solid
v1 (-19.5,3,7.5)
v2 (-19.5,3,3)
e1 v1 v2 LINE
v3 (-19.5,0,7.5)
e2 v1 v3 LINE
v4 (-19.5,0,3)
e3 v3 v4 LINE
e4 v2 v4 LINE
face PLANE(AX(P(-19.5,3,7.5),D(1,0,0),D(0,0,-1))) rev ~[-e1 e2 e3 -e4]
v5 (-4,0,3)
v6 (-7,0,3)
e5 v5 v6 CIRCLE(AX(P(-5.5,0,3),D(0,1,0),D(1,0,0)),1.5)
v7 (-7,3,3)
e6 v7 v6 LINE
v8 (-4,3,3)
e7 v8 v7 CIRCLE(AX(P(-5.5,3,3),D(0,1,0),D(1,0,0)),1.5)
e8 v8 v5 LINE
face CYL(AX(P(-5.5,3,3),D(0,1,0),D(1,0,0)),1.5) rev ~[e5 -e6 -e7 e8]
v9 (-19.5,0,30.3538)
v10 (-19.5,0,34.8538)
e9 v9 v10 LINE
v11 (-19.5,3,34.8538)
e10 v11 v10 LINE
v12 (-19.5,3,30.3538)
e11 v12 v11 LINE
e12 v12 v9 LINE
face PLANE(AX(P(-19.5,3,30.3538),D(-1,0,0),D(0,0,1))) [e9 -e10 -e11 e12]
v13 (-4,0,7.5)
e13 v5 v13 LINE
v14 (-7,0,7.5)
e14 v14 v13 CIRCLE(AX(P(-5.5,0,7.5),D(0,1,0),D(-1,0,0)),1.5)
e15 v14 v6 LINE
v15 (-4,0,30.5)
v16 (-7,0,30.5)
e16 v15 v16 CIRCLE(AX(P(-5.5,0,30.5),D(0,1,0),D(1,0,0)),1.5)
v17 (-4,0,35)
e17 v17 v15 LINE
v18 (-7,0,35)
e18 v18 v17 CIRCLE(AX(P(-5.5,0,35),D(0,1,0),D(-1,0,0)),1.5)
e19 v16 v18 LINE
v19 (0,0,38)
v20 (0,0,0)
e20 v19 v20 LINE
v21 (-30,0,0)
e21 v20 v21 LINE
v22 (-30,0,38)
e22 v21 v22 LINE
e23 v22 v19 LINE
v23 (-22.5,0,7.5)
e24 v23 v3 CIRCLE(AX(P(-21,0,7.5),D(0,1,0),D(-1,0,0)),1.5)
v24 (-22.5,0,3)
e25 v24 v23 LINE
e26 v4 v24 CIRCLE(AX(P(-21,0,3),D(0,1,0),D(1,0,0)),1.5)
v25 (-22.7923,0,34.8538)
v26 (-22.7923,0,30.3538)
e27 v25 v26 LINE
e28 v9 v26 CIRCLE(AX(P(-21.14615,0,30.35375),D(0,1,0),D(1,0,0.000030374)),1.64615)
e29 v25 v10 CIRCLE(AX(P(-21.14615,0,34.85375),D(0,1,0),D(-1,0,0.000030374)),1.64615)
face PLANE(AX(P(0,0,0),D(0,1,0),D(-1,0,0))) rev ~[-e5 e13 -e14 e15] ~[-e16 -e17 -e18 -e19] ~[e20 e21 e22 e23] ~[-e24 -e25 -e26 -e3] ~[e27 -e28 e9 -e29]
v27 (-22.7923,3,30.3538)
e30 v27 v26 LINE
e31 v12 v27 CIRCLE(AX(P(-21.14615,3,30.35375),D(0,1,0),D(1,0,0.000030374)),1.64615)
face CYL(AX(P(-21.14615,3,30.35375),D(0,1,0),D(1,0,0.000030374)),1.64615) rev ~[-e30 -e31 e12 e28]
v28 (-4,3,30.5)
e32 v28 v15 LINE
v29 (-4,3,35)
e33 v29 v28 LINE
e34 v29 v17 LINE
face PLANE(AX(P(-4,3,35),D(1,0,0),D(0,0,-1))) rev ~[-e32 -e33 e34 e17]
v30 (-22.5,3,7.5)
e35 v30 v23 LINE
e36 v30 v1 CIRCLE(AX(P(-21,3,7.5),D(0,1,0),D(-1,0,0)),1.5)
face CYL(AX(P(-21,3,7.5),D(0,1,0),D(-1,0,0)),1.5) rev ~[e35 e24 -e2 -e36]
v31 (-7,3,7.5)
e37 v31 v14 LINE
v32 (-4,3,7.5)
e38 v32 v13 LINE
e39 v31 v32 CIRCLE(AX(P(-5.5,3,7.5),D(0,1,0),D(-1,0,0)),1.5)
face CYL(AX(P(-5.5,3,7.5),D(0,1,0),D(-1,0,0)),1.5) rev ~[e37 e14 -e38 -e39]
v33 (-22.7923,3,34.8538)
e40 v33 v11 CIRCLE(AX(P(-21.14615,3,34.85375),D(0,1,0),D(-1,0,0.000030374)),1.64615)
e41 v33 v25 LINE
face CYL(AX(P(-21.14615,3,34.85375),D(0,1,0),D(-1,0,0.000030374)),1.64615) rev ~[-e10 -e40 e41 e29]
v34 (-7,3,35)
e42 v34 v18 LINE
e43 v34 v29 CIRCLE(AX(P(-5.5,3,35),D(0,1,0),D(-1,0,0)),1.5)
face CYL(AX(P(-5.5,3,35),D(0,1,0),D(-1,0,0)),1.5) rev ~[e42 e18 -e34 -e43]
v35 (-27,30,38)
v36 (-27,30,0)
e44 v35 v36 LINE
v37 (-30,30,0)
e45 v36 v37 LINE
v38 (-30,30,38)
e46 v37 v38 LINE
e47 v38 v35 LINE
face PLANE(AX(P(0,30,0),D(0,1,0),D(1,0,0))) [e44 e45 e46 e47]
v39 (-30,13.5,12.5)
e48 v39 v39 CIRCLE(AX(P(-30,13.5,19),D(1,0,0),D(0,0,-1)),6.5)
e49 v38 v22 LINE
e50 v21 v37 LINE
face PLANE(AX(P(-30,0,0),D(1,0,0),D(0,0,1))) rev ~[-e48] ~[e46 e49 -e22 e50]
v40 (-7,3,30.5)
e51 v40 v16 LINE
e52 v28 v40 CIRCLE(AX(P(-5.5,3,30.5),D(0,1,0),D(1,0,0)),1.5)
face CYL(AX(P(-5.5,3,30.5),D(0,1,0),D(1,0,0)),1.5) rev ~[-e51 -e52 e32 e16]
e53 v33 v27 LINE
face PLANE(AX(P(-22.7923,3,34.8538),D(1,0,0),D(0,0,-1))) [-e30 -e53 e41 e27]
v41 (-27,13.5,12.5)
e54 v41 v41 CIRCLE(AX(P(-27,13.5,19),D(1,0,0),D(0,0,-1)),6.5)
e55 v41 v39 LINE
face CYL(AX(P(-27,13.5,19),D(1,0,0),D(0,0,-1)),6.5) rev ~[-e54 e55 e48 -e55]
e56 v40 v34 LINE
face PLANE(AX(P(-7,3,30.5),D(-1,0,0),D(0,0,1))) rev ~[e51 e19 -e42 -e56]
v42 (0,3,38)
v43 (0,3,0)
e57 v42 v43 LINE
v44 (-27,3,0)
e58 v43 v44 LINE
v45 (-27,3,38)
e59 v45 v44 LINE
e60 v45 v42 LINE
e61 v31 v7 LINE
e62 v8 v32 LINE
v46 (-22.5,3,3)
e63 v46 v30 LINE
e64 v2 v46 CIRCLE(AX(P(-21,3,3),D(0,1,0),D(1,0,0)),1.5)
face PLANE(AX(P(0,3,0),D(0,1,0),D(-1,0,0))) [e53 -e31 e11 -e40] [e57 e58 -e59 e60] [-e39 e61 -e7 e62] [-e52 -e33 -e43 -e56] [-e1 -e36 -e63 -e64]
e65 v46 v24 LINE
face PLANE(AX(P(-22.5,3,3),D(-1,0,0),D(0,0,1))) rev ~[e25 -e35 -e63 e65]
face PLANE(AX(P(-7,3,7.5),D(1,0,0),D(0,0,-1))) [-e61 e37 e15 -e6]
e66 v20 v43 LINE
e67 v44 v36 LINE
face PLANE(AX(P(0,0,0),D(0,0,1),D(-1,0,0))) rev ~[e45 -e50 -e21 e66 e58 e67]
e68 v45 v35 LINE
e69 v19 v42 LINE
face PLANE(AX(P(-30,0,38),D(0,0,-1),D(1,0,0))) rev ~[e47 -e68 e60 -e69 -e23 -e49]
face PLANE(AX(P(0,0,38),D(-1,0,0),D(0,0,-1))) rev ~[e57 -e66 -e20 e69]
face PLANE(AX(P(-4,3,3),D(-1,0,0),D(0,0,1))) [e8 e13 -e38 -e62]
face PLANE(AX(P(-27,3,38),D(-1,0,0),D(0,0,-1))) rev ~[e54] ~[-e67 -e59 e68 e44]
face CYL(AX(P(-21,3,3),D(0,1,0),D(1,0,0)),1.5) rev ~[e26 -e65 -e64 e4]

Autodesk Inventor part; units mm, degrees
ref_plane "YZ Plane" through (0, 0, 0) normal (1, 0, 0) x (0, 1, 0)
ref_plane "XZ Plane" through (0, 0, 0) normal (0, 1, 0) x (-1, 0, 0)
ref_plane "XY Plane" through (0, 0, 0) normal (0, 0, 1) x (1, 0, 0)
sketch "Sketch1" plane through (0, 0, 0) normal (0, 1, 0) x (-1, 0, 0)
  line L0 (0, 0) -> (30, 0)
  line L1 (30, 0) -> (30, 38)
  line L2 (30, 38) -> (0, 38)
  line L3 (0, 38) -> (0, 0)
  dimension "d0" = 38
  dimension "d1" = 30
extrude "Extrusion1" add sketch "Sketch1" along normal blind 3
sketch "Sketch2" plane through (0, 3, 0) normal (0, 1, 0) x (1, 0, 0)
  line L0 (-30, 0) -> (-30, -38) projected
  line L1 (0, 0) -> (-30, 0) projected
  line L2 (-30, -38) -> (-27, -38)
  line L3 (-27, -38) -> (-27, 0)
  line L4 (-27, 0) -> (-30, 0)
  line L5 (-30, 0) -> (-30, -38)
  dimension "d4" = 3
extrude "Extrusion2" add sketch "Sketch2" along normal blind 27
sketch "Sketch3" plane through (-27, 3, 38) normal (1, 0, 0) x (0, 0, -1)
  circle A0 centre (19, 10.5) radius 6.5
  line L0 (38, 27) -> (0, 27) projected
  point P0 (38, -3)
  dimension "d7" = 13
  dimension "d8" = 16.5
extrude "Extrusion3" cut sketch "Sketch3" against normal up to surface (3 mm away)
sketch "Sketch4" plane through (0, 3, 0) normal (0, 1, 0) x (1, 0, 0)
  line L0 (0, 0) -> (-30, 0) projected
  line L1 (-27, -38) -> (-27, 0) projected
  line L2 (-27, -19) -> (0, -19) construction
  line L3 (-5.5, -35) -> (-5.5, -30.5) construction
  line L4 (-4, -35) -> (-4, -30.5)
  line L5 (-7, -30.5) -> (-7, -35)
  arc A0 (-7, -35) -> (-4, -35) centre (-5.5, -35) ccw
  arc A1 (-4, -30.5) -> (-7, -30.5) centre (-5.5, -30.5) ccw
  line L6 (-27, -38) -> (0, -38) projected
  line L7 (-5.5, -7.5) -> (-5.5, -3) construction
  line L8 (-7, -7.5) -> (-7, -3)
  line L9 (-4, -3) -> (-4, -7.5)
  arc A2 (-7, -7.5) -> (-4, -7.5) centre (-5.5, -7.5) ccw
  arc A3 (-4, -3) -> (-7, -3) centre (-5.5, -3) ccw
  line L10 (0, -38) -> (0, 0) projected
  line L11 (-4, -3) -> (-21, -3) construction
  line L12 (-21, -3) -> (-21, -7.5) construction
  line L13 (-22.5, -3) -> (-22.5, -7.5)
  line L14 (-19.5, -7.5) -> (-19.5, -3)
  arc A4 (-19.5, -3) -> (-22.5, -3) centre (-21, -3) ccw
  arc A5 (-22.5, -7.5) -> (-19.5, -7.5) centre (-21, -7.5) ccw
  line L15 (-21.1462, -34.8538) -> (-21.1462, -30.3538) construction
  line L16 (-22.7923, -34.8538) -> (-22.7923, -30.3538)
  line L17 (-19.5, -30.3538) -> (-19.5, -34.8538)
  arc A6 (-22.7923, -34.8538) -> (-19.5, -34.8538) centre (-21.1462, -34.8538) ccw
  arc A7 (-19.5, -30.3538) -> (-22.7923, -30.3538) centre (-21.1462, -30.3538) ccw
  point P0 (-5.5, -32.75)
  point P1 (-5.5, -5.25)
  point P2 (-21, -5.25)
  point P3 (-21.1462, -32.6038)
  dimension "d11" = 1.5
  dimension "d12" = 7.5
  dimension "d13" = 3
  dimension "d14" = 1.5
  dimension "d15" = 3
  dimension "d16" = 7.5
  dimension "d17" = 4
  dimension "d18" = 17
  dimension "d19" = 3
  dimension "d20" = 7.5
  dimension "d21" = 1.5
extrude "Extrusion4" cut sketch "Sketch4" against normal through all contours A0 L5 A1 L4 | L8 A3 L9 A2 | A4 L14 A5 L13 | L16 A7 L17 A6
equation "\"d14\" = d11"
equation "\"d15\" = d13"
equation "\"d16\" = d12"
equation "\"d19\" = d13"
properties part number "Big Motor Bracket"
